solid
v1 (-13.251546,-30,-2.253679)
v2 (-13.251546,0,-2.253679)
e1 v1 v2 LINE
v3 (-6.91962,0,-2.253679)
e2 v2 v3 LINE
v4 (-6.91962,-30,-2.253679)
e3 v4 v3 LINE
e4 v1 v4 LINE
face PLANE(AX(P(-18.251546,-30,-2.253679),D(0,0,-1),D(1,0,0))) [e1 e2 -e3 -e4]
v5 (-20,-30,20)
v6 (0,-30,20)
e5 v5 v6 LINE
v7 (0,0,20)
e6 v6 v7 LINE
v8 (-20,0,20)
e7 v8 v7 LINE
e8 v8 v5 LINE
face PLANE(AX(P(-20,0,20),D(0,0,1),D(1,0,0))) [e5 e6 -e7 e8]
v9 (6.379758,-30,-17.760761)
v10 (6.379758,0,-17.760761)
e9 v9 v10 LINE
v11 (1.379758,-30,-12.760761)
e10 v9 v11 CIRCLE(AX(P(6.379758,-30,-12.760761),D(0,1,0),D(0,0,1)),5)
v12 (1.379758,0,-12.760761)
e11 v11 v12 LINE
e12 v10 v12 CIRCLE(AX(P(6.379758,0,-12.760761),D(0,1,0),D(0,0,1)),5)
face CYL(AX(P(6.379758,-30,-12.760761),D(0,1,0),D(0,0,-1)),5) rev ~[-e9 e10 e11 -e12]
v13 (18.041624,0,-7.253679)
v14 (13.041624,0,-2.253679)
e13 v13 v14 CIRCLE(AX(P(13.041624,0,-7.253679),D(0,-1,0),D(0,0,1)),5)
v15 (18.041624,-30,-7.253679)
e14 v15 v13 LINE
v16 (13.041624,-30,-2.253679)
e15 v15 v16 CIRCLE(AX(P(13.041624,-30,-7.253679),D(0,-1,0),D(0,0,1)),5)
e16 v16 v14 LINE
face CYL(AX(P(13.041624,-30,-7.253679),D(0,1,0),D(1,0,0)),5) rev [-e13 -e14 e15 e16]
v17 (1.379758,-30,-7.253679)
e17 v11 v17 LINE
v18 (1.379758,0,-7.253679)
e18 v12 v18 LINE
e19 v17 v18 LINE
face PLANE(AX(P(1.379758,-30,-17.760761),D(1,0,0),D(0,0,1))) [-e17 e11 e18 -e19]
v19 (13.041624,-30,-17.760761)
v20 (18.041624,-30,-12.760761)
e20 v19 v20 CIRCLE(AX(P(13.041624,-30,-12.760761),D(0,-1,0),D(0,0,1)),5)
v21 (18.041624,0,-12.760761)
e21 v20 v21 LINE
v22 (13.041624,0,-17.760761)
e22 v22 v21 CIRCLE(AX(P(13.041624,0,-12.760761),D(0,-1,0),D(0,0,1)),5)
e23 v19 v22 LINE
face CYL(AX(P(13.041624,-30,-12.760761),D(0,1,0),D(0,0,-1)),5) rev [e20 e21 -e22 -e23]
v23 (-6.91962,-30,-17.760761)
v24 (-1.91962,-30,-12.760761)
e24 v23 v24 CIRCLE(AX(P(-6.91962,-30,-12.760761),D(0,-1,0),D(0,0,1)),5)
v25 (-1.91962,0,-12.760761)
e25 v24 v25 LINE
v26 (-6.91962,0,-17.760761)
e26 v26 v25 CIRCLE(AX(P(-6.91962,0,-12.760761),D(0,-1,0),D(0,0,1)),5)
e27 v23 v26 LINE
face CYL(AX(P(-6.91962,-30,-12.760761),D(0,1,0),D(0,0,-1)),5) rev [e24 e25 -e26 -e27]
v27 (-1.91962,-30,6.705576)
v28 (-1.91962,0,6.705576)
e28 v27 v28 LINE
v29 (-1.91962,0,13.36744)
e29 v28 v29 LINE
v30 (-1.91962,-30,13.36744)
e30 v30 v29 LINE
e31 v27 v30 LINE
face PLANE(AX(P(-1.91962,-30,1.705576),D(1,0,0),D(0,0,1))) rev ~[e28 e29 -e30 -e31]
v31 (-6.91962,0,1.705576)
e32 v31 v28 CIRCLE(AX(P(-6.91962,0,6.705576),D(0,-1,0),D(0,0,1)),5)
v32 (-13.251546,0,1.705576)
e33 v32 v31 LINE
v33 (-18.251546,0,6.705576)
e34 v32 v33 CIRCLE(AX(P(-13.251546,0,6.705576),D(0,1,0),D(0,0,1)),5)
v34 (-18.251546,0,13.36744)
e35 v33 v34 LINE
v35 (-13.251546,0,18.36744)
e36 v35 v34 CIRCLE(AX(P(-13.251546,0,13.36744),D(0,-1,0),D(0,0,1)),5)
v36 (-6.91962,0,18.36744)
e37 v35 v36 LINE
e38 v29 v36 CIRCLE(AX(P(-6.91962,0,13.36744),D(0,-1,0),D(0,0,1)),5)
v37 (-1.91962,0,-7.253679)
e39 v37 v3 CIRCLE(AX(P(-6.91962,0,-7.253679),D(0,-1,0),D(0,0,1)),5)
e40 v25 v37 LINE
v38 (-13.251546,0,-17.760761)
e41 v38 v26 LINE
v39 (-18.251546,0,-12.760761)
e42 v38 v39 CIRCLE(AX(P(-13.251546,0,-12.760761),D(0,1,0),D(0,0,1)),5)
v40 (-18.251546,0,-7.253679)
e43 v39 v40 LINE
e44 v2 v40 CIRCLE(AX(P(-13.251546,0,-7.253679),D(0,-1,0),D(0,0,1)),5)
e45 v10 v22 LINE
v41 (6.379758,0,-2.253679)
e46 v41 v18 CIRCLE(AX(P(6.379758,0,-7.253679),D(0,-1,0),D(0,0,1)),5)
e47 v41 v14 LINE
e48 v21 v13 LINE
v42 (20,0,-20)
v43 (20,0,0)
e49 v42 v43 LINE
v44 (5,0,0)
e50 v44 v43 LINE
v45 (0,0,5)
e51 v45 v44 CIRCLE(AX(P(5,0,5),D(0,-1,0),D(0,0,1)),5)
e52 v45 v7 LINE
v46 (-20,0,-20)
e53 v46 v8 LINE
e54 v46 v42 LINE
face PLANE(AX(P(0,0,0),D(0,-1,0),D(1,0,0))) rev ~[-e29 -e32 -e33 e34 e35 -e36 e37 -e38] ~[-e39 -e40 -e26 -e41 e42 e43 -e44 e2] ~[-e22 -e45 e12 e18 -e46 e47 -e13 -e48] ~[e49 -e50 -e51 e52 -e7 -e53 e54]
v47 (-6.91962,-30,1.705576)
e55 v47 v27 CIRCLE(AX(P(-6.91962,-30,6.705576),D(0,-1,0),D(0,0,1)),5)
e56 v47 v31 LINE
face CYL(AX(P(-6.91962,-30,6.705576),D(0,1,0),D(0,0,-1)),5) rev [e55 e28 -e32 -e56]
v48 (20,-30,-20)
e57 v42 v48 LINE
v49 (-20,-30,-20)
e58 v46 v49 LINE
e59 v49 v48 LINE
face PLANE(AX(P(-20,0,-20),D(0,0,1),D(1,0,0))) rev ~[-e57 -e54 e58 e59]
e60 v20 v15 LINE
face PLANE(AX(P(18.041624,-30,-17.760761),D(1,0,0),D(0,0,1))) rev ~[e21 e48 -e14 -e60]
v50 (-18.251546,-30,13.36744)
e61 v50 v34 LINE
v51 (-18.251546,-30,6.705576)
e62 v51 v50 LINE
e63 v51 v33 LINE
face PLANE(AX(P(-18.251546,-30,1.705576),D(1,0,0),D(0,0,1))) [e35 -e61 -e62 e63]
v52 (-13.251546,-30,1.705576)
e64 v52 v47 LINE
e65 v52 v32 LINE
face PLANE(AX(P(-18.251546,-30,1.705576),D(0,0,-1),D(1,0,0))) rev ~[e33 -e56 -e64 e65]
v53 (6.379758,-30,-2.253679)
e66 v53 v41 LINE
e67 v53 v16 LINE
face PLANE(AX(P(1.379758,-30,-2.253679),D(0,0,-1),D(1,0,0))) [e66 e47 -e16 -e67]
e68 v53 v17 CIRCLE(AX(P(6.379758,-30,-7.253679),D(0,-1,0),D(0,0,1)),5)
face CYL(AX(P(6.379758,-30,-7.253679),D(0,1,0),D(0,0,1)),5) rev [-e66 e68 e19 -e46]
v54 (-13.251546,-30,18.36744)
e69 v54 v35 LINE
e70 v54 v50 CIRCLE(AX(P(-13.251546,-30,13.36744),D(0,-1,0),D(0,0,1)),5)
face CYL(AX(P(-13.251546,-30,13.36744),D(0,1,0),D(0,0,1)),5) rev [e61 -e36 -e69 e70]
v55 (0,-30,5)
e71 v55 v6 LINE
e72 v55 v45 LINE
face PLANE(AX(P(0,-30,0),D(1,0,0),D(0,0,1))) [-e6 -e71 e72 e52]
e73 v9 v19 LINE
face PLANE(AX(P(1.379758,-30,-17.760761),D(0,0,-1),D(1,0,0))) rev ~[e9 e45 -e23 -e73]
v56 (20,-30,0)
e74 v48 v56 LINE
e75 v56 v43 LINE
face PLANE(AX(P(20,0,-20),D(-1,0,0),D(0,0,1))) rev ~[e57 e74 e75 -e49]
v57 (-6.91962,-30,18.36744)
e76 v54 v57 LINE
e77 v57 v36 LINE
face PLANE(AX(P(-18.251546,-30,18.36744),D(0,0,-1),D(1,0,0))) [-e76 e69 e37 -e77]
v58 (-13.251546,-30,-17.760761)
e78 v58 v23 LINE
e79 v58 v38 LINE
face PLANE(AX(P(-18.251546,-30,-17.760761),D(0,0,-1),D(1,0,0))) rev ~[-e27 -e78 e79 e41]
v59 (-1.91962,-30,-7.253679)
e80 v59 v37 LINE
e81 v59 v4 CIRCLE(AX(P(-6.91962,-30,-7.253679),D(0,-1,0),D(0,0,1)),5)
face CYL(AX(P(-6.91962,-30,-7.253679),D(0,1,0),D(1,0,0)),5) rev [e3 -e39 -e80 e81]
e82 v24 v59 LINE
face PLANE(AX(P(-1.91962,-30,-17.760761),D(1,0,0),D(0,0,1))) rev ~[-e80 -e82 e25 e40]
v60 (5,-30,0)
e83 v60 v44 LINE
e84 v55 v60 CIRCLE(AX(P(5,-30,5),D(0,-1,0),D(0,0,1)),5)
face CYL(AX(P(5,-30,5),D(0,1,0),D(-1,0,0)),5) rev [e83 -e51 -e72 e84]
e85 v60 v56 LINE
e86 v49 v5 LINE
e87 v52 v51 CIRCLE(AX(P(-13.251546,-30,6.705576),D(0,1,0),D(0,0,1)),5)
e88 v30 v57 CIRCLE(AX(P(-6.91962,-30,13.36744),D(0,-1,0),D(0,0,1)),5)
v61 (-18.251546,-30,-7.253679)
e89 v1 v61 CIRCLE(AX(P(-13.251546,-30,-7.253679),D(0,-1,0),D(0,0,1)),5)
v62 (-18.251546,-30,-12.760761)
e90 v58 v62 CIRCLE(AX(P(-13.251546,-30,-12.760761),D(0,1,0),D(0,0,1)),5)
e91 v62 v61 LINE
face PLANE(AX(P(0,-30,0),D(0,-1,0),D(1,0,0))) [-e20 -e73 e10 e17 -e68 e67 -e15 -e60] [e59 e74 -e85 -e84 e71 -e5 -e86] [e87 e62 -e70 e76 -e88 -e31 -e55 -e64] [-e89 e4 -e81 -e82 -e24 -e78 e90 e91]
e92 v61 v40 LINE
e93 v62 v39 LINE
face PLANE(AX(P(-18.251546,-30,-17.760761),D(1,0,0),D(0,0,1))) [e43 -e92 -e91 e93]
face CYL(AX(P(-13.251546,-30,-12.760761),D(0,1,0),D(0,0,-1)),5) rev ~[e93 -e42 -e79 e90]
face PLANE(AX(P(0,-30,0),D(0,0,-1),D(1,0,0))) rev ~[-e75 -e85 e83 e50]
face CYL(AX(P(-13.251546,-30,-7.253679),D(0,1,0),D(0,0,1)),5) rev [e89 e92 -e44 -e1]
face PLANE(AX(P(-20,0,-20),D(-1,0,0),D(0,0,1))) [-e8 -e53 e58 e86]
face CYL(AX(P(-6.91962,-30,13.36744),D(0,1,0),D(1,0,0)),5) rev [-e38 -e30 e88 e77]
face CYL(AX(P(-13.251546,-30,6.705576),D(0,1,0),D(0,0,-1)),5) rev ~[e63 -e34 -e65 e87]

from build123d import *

# Parameters (mm, degrees)
F0_W     = 40
F0_H     = 40
F1_DEPTH = 30
F2_W     = 20
F2_H     = 20
F2_W_2   = 16.331926
F2_H_2   = 16.661864
F2_H_3   = 15.507082
F2_W_3   = 16.661866
F3_DEPTH = 30
F4_R     = 5


with BuildPart() as f1:
    # F0 (on Front) → F1 (new body)
    with BuildSketch(Plane.XZ):
        Rectangle(F0_W, F0_H)
    extrude(amount=F1_DEPTH)

    # F2 (on face) → F3 (cut, through all)
    with BuildSketch(Plane.XZ.offset(30)):
        with Locations((10, 10)):
            Rectangle(F2_W, F2_H)
        with Locations((-10.085583, 10.036508)):
            Rectangle(F2_W_2, F2_H_2)
        with Locations((-10.085583, -10.00722)):
            Rectangle(F2_W_2, F2_H_3)
        with Locations((9.710691, -10.00722)):
            Rectangle(F2_W_3, F2_H_3)
    extrude(amount=-F3_DEPTH, mode=Mode.SUBTRACT)

    # F4
    f4_edges = [f1.edges().sort_by_distance(p)[0] for p in [
        (0, -15, 0),
        (-18.251546, -15, 18.36744),
        (-1.91962, -15, 18.36744),
        (-18.251546, -15, 1.705576),
        (-1.91962, -15, 1.705576),
        (-1.91962, -15, -17.760761),
        (18.041624, -15, -17.760761),
        (18.041624, -15, -2.253679),
        (-1.91962, -15, -2.253679),
        (-18.251546, -15, -2.253679),
        (1.379758, -15, -2.253679),
        (-18.251546, -15, -17.760761),
        (1.379758, -15, -17.760761),
    ]]
    fillet(f4_edges, radius=F4_R)


solid = f1.part
